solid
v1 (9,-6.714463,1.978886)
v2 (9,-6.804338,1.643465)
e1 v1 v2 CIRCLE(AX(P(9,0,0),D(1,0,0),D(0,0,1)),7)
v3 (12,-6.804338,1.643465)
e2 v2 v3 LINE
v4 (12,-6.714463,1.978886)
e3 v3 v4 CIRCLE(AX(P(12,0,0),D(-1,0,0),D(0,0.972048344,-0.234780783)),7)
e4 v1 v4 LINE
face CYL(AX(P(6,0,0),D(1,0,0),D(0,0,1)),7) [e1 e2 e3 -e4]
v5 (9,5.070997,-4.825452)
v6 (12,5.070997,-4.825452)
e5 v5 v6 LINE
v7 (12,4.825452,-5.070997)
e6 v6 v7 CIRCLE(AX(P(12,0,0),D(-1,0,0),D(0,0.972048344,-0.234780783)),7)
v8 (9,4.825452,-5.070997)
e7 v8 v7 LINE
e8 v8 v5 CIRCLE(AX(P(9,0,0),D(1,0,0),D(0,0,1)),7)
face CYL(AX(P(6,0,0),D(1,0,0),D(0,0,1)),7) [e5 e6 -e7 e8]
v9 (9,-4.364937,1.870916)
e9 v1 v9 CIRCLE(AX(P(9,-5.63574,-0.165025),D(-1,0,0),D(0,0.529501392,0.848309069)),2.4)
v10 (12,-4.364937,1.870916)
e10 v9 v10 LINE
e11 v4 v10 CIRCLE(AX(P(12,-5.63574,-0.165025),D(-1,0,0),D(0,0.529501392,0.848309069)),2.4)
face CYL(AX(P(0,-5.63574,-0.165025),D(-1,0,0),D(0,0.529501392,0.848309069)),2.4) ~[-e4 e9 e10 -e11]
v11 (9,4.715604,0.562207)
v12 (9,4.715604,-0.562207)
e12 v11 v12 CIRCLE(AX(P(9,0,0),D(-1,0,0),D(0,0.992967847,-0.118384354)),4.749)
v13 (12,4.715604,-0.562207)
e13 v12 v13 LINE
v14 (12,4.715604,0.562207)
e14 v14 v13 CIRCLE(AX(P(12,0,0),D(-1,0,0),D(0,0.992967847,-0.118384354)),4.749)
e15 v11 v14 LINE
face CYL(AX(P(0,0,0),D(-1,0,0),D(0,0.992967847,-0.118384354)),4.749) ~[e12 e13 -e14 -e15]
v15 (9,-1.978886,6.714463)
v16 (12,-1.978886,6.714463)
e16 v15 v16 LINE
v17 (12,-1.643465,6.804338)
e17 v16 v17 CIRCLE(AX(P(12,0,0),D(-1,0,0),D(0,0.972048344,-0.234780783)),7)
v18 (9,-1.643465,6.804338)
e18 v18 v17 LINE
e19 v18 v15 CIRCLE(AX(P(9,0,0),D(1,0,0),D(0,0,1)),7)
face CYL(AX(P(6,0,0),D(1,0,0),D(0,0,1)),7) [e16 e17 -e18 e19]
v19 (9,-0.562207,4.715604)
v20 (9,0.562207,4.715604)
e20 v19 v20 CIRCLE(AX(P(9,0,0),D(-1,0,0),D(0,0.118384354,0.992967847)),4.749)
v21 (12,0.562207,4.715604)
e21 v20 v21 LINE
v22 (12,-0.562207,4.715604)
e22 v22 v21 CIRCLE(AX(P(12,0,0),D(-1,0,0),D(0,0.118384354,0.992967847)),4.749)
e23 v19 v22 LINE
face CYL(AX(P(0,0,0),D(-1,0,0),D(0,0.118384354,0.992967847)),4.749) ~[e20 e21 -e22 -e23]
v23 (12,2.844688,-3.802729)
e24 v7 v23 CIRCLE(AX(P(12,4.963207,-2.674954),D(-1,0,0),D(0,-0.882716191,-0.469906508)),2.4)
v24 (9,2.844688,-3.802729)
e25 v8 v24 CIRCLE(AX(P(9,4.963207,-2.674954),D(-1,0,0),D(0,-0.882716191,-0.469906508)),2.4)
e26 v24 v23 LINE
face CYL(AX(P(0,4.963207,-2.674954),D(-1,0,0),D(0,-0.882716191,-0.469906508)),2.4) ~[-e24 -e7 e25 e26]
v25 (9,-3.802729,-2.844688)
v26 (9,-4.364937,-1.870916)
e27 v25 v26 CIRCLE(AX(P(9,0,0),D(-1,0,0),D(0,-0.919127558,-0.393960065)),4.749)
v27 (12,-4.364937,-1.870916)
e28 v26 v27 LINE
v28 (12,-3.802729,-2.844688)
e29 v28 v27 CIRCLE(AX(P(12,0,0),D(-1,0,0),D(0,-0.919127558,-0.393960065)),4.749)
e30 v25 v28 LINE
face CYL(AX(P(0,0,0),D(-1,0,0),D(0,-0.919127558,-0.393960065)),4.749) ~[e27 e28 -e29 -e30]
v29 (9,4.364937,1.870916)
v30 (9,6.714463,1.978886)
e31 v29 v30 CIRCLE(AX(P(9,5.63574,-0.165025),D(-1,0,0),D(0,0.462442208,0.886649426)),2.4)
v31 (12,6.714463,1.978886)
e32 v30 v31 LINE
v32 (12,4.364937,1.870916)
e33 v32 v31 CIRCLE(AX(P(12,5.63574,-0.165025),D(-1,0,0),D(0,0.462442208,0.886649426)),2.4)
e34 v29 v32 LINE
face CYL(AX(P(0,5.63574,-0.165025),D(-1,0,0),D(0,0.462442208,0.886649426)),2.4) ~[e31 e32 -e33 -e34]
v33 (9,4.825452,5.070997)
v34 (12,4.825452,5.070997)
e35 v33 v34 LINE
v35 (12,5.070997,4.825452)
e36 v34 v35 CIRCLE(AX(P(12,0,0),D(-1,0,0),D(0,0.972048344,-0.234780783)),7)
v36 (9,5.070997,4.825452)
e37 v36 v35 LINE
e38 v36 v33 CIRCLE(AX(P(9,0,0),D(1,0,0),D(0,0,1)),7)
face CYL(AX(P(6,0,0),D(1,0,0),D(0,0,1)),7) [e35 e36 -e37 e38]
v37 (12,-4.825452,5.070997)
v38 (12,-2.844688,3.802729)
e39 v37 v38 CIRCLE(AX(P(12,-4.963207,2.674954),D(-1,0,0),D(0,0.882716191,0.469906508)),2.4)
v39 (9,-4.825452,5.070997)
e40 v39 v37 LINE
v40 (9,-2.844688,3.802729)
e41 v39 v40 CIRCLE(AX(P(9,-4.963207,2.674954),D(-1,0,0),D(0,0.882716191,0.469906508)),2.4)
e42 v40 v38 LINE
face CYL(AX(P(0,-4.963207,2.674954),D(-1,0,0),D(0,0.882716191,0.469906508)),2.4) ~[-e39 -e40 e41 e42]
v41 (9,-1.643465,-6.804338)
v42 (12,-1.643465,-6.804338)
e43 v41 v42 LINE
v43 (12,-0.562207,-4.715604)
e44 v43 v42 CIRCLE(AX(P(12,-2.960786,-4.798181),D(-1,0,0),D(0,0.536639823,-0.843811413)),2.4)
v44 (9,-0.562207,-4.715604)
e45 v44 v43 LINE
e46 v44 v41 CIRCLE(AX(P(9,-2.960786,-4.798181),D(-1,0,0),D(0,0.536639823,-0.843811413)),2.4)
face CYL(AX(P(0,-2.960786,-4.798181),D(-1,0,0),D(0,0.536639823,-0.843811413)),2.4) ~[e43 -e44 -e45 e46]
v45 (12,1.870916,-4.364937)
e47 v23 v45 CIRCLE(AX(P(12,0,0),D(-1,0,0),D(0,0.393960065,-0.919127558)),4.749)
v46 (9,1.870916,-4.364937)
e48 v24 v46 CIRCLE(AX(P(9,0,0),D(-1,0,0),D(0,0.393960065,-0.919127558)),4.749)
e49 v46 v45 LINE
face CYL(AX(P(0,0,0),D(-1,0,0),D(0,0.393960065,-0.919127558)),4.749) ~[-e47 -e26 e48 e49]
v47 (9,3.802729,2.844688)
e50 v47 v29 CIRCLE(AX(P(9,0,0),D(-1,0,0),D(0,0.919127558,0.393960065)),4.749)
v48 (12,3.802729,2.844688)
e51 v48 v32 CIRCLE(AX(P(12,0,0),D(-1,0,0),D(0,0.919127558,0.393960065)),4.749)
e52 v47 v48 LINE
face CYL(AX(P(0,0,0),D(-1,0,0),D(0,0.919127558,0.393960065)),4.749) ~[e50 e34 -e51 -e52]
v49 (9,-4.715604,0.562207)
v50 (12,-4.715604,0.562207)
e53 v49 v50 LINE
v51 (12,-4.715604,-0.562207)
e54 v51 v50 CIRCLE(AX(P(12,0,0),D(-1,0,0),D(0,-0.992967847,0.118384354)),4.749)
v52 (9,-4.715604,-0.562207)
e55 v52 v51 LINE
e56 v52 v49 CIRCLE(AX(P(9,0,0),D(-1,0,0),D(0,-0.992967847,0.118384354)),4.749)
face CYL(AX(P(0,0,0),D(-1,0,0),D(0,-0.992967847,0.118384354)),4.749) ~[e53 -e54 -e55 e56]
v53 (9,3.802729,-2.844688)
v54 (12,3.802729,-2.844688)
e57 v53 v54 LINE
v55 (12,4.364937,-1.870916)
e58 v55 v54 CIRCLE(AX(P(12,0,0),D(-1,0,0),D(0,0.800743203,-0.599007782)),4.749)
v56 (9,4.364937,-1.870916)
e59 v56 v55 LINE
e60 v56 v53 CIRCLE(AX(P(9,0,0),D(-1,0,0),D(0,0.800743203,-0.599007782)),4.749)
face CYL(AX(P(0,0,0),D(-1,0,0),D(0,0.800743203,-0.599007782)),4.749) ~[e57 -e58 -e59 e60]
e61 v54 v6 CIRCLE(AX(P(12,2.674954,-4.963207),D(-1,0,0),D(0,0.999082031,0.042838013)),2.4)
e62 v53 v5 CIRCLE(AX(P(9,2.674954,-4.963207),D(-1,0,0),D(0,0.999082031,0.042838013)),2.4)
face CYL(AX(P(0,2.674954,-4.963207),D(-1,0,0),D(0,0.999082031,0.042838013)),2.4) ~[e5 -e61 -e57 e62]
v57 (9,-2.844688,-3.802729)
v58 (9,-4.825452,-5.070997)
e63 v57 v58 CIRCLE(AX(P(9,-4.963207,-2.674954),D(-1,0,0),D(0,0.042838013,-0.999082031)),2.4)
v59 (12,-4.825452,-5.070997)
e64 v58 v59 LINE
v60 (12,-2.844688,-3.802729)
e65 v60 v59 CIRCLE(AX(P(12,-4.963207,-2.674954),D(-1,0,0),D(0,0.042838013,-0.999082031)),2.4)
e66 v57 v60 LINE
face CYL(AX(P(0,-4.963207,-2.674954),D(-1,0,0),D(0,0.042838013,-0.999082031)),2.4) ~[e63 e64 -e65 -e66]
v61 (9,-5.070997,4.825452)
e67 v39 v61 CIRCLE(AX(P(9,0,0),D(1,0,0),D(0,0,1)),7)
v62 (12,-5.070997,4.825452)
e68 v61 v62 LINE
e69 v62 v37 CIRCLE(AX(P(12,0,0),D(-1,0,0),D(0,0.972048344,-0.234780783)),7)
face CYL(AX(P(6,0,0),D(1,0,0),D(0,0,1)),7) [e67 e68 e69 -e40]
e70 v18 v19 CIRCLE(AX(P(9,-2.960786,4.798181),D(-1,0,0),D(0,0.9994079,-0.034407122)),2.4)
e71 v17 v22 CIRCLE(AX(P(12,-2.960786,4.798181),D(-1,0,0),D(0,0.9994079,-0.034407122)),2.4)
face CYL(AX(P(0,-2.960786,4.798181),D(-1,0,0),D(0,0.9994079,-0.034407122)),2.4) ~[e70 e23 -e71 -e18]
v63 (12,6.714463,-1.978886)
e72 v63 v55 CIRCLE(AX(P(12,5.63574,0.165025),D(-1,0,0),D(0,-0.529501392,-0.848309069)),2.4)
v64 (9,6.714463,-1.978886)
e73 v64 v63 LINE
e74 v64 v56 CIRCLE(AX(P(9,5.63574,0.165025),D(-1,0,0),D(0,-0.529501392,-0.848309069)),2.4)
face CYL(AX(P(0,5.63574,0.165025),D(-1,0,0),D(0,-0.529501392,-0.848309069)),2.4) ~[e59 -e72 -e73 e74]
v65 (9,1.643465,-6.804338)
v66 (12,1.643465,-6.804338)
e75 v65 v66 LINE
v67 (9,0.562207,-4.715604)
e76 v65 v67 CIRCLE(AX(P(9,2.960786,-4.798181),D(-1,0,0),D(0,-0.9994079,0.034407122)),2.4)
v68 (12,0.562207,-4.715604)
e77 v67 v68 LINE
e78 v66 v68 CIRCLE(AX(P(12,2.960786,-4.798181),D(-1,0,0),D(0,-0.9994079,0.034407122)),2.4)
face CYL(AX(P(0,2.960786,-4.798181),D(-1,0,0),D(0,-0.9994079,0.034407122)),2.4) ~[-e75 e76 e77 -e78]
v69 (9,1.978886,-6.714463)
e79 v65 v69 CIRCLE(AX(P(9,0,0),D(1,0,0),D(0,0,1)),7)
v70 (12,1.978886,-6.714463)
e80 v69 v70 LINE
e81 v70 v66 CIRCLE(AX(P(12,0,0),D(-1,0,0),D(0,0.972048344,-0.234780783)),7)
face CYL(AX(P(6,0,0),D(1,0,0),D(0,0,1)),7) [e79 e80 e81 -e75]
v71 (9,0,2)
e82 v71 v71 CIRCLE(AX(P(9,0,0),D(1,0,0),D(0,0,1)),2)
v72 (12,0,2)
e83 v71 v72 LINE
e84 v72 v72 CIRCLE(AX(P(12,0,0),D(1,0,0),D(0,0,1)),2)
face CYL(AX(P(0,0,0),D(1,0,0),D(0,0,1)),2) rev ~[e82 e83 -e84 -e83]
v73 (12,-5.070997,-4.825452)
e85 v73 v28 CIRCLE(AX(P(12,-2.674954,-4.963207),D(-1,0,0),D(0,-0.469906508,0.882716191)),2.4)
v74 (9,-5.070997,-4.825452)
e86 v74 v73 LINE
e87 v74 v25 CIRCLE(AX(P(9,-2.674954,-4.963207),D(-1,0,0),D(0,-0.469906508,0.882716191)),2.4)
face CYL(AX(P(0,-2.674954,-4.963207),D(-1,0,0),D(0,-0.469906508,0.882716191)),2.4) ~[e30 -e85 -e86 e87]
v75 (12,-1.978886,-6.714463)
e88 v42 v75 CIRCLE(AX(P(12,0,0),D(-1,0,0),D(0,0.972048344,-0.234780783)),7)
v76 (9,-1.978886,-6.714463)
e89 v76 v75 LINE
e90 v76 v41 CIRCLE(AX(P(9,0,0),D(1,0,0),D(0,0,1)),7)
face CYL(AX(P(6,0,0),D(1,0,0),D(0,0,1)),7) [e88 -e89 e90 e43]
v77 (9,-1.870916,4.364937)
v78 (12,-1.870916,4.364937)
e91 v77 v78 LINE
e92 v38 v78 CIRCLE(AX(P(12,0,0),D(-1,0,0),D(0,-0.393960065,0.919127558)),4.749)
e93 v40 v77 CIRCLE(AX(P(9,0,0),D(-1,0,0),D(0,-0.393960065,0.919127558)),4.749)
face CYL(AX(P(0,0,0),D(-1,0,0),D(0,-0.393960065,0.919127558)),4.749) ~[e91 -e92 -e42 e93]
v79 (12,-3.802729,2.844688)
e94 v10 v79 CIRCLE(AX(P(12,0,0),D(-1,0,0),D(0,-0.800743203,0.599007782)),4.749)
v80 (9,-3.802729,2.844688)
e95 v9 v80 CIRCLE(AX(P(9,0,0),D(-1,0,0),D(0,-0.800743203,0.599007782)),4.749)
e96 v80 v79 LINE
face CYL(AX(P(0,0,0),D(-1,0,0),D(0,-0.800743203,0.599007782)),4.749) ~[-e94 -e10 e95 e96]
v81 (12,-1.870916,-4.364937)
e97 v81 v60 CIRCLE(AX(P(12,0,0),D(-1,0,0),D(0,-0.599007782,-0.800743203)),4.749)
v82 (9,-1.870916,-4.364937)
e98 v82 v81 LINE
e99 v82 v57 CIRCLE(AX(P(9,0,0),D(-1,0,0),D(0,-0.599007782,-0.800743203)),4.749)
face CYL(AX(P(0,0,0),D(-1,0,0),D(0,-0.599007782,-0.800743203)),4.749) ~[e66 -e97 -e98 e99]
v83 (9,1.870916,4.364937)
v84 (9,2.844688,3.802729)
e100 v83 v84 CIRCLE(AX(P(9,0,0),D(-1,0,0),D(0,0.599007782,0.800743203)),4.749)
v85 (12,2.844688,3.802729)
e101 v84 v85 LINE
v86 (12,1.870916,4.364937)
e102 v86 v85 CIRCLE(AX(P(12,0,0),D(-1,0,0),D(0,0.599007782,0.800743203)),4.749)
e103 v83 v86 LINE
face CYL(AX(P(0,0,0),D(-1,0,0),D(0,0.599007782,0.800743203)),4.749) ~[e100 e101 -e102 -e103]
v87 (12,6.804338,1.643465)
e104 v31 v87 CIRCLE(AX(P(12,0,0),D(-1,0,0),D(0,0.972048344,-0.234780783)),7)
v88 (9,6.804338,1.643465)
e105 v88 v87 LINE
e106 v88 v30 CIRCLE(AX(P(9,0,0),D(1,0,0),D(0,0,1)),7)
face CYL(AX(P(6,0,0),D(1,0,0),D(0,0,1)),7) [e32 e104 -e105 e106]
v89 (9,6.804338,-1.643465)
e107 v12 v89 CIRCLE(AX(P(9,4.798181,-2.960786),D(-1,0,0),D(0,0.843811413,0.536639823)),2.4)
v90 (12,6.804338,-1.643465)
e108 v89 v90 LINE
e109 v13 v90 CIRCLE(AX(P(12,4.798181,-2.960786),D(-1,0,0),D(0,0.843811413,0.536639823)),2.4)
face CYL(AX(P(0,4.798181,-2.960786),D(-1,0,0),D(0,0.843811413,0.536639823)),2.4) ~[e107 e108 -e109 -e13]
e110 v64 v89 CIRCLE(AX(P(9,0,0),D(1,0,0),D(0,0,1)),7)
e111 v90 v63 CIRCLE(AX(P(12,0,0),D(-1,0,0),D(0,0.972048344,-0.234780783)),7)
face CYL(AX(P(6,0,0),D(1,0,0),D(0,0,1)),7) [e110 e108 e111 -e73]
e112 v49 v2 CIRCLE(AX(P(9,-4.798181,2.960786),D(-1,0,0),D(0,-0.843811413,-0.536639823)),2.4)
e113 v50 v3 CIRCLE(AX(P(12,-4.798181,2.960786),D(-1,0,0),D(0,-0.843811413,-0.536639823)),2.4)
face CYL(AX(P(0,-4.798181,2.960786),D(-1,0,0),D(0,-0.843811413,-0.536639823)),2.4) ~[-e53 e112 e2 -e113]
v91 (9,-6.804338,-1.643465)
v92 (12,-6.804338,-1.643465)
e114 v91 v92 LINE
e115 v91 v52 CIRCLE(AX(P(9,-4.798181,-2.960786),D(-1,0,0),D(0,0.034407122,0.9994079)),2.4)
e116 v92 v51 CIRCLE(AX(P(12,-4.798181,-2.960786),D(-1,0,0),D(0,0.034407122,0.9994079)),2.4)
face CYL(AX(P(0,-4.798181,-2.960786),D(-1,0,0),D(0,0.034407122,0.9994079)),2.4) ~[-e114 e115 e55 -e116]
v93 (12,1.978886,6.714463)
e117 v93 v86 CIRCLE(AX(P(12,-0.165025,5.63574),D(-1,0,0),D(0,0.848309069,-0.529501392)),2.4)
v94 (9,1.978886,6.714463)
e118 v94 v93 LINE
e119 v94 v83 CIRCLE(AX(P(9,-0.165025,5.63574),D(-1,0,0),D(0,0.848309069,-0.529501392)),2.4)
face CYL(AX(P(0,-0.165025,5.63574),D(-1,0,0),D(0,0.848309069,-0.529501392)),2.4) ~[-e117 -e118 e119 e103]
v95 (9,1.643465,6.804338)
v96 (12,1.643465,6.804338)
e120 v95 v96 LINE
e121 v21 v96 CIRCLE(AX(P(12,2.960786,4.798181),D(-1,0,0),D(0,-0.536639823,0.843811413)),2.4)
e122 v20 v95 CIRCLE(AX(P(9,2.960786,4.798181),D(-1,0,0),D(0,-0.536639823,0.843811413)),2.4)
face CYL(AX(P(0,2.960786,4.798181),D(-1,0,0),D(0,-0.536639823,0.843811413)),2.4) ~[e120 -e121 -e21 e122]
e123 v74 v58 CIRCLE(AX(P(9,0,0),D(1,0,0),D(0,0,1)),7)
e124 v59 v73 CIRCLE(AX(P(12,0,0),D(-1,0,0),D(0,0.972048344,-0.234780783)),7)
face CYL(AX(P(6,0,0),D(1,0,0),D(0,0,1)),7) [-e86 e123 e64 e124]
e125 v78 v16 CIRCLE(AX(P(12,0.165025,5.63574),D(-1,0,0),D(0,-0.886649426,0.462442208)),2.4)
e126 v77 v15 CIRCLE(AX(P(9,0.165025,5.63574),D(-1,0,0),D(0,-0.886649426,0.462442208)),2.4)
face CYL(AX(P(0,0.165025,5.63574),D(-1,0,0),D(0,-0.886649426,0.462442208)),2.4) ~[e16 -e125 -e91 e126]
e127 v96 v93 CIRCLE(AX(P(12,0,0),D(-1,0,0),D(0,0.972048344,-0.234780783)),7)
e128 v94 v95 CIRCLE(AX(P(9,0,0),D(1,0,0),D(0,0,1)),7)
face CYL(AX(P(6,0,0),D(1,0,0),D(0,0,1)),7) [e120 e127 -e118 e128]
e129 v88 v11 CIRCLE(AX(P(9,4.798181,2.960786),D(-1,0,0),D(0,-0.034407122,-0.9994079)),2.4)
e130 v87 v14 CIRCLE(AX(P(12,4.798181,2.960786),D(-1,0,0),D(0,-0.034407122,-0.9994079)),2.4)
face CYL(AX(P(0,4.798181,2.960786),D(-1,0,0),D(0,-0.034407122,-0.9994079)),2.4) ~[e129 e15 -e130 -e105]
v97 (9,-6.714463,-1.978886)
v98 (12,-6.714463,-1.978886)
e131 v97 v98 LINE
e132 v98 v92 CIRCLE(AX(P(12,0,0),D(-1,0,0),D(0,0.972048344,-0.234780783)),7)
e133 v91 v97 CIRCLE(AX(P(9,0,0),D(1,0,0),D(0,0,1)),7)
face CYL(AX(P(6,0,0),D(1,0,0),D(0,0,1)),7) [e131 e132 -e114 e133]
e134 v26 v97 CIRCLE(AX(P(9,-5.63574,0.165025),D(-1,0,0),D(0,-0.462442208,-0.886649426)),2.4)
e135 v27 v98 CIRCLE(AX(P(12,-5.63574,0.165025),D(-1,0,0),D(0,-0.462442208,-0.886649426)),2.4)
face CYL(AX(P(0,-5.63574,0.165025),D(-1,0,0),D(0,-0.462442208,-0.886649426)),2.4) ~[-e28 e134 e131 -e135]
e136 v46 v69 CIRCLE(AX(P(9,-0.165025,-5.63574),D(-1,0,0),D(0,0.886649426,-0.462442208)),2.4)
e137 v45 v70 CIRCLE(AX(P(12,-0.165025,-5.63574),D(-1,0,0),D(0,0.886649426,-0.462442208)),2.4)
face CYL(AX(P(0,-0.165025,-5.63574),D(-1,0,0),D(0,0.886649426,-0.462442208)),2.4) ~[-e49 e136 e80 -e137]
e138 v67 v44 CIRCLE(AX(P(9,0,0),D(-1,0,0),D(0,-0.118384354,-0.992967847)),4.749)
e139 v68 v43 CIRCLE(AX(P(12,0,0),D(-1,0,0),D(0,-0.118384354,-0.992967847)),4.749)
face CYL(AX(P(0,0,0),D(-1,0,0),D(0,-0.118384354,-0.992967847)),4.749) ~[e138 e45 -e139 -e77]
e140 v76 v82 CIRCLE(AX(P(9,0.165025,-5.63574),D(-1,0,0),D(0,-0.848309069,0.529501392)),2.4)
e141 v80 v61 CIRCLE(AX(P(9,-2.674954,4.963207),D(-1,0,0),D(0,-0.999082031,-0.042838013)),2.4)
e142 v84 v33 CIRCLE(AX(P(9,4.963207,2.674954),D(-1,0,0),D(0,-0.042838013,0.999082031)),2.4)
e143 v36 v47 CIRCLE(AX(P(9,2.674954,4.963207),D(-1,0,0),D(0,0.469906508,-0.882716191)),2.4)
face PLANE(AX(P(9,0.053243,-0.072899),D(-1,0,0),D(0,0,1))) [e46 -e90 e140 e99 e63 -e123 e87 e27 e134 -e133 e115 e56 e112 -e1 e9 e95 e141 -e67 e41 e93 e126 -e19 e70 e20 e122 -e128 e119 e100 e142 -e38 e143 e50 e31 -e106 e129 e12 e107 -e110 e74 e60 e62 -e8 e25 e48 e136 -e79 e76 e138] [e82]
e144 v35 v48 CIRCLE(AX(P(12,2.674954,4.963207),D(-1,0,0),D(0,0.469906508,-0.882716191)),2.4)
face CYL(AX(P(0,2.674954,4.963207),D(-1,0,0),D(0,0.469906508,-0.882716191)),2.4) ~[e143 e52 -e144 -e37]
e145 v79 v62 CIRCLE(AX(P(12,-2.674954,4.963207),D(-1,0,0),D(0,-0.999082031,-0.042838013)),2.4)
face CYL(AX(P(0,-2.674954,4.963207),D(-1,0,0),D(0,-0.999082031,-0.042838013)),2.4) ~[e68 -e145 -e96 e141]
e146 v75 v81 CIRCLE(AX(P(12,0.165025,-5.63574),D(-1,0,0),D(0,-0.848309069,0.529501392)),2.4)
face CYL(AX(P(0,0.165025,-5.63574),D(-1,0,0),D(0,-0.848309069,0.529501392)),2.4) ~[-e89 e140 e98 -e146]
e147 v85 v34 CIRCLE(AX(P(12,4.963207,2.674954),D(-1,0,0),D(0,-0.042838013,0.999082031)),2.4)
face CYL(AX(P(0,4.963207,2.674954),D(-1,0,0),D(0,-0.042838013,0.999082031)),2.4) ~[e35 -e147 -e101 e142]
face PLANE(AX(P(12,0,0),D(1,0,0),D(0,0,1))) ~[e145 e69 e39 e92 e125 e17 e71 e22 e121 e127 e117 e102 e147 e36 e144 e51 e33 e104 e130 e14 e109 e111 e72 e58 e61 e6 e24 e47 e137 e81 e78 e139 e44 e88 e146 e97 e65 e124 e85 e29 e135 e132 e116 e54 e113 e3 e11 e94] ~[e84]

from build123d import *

# Parameters (mm, degrees)
BASPROSKE_W           = 12
BASPROSKE_H           = 7
TOOTHCUT_DEPTH        = 16.556349186
TEETHCUTS_COUNT       = 12
TEETHCUTS_ANGLE       = 330
BORSKE_R              = 2
BORE_DEPTH            = 50.0000508
CROQUIS1_W            = 15.345589461
CROQUIS1_H            = 15.379984963
CORTAR_EXTRUIR1_DEPTH = 9


with BuildPart() as part:
    # BasProSke → Base-Revolve (revolve)
    with BuildSketch(Plane(origin=(0, 0, 0), x_dir=(1, 0, 0), z_dir=(0, 1, 0)), mode=Mode.PRIVATE) as base_revolve_sk:
        with Locations((6, 3.5)):
            Rectangle(BASPROSKE_W, BASPROSKE_H)
    revolve(base_revolve_sk.sketch.rotate(Axis((-10, 0, 0), (1, 0, 0)), 180), axis=Axis((-10, 0, 0), (1, 0, 0)))

    # TooCutSke → ToothCut (cut, through all)
    with BuildSketch(Plane(origin=(0, 0, 0), x_dir=(0, 0, -1), z_dir=(1, 0, 0))):
        with BuildLine():
            ThreePointArc((0.562207301, 4.715604304), (0, 4.749), (-0.562207301, 4.715604304))
            ThreePointArc((-0.562207301, 4.715604304), (-0.837528627, 5.917009812), (-1.672850686, 6.823328788))
            ThreePointArc((-1.672850686, 6.823328788), (0, 7.0254), (1.672850686, 6.823328788))
            ThreePointArc((1.672850686, 6.823328788), (0.837528627, 5.917009812), (0.562207301, 4.715604304))
        make_face()
    toothcut = extrude(amount=TOOTHCUT_DEPTH, mode=Mode.SUBTRACT)

    # TeethCuts: ToothCut ×12 about axis
    teethcuts_axis = Axis((-10, 0, 0), (1, 0, 0))
    for i in range(1, TEETHCUTS_COUNT):
        add(toothcut.rotate(teethcuts_axis, i * TEETHCUTS_ANGLE / (TEETHCUTS_COUNT - 1)), mode=Mode.SUBTRACT)

    # BorSke → Bore (cut, symmetric)
    with BuildSketch(Plane(origin=(0, 0, 0), x_dir=(0, 0, -1), z_dir=(1, 0, 0))):
        with Locations(Location((0, 0, 0), (0, 0, 180))):
            Circle(BORSKE_R)
    extrude(amount=BORE_DEPTH, both=True, mode=Mode.SUBTRACT)

    # Croquis1 → Cortar-Extruir1 (cut)
    with BuildSketch(Plane.ZY):
        with Locations((-0.072898647, 0.053242763)):
            Rectangle(CROQUIS1_W, CROQUIS1_H)
    extrude(amount=-CORTAR_EXTRUIR1_DEPTH, mode=Mode.SUBTRACT)


solid = part.part
